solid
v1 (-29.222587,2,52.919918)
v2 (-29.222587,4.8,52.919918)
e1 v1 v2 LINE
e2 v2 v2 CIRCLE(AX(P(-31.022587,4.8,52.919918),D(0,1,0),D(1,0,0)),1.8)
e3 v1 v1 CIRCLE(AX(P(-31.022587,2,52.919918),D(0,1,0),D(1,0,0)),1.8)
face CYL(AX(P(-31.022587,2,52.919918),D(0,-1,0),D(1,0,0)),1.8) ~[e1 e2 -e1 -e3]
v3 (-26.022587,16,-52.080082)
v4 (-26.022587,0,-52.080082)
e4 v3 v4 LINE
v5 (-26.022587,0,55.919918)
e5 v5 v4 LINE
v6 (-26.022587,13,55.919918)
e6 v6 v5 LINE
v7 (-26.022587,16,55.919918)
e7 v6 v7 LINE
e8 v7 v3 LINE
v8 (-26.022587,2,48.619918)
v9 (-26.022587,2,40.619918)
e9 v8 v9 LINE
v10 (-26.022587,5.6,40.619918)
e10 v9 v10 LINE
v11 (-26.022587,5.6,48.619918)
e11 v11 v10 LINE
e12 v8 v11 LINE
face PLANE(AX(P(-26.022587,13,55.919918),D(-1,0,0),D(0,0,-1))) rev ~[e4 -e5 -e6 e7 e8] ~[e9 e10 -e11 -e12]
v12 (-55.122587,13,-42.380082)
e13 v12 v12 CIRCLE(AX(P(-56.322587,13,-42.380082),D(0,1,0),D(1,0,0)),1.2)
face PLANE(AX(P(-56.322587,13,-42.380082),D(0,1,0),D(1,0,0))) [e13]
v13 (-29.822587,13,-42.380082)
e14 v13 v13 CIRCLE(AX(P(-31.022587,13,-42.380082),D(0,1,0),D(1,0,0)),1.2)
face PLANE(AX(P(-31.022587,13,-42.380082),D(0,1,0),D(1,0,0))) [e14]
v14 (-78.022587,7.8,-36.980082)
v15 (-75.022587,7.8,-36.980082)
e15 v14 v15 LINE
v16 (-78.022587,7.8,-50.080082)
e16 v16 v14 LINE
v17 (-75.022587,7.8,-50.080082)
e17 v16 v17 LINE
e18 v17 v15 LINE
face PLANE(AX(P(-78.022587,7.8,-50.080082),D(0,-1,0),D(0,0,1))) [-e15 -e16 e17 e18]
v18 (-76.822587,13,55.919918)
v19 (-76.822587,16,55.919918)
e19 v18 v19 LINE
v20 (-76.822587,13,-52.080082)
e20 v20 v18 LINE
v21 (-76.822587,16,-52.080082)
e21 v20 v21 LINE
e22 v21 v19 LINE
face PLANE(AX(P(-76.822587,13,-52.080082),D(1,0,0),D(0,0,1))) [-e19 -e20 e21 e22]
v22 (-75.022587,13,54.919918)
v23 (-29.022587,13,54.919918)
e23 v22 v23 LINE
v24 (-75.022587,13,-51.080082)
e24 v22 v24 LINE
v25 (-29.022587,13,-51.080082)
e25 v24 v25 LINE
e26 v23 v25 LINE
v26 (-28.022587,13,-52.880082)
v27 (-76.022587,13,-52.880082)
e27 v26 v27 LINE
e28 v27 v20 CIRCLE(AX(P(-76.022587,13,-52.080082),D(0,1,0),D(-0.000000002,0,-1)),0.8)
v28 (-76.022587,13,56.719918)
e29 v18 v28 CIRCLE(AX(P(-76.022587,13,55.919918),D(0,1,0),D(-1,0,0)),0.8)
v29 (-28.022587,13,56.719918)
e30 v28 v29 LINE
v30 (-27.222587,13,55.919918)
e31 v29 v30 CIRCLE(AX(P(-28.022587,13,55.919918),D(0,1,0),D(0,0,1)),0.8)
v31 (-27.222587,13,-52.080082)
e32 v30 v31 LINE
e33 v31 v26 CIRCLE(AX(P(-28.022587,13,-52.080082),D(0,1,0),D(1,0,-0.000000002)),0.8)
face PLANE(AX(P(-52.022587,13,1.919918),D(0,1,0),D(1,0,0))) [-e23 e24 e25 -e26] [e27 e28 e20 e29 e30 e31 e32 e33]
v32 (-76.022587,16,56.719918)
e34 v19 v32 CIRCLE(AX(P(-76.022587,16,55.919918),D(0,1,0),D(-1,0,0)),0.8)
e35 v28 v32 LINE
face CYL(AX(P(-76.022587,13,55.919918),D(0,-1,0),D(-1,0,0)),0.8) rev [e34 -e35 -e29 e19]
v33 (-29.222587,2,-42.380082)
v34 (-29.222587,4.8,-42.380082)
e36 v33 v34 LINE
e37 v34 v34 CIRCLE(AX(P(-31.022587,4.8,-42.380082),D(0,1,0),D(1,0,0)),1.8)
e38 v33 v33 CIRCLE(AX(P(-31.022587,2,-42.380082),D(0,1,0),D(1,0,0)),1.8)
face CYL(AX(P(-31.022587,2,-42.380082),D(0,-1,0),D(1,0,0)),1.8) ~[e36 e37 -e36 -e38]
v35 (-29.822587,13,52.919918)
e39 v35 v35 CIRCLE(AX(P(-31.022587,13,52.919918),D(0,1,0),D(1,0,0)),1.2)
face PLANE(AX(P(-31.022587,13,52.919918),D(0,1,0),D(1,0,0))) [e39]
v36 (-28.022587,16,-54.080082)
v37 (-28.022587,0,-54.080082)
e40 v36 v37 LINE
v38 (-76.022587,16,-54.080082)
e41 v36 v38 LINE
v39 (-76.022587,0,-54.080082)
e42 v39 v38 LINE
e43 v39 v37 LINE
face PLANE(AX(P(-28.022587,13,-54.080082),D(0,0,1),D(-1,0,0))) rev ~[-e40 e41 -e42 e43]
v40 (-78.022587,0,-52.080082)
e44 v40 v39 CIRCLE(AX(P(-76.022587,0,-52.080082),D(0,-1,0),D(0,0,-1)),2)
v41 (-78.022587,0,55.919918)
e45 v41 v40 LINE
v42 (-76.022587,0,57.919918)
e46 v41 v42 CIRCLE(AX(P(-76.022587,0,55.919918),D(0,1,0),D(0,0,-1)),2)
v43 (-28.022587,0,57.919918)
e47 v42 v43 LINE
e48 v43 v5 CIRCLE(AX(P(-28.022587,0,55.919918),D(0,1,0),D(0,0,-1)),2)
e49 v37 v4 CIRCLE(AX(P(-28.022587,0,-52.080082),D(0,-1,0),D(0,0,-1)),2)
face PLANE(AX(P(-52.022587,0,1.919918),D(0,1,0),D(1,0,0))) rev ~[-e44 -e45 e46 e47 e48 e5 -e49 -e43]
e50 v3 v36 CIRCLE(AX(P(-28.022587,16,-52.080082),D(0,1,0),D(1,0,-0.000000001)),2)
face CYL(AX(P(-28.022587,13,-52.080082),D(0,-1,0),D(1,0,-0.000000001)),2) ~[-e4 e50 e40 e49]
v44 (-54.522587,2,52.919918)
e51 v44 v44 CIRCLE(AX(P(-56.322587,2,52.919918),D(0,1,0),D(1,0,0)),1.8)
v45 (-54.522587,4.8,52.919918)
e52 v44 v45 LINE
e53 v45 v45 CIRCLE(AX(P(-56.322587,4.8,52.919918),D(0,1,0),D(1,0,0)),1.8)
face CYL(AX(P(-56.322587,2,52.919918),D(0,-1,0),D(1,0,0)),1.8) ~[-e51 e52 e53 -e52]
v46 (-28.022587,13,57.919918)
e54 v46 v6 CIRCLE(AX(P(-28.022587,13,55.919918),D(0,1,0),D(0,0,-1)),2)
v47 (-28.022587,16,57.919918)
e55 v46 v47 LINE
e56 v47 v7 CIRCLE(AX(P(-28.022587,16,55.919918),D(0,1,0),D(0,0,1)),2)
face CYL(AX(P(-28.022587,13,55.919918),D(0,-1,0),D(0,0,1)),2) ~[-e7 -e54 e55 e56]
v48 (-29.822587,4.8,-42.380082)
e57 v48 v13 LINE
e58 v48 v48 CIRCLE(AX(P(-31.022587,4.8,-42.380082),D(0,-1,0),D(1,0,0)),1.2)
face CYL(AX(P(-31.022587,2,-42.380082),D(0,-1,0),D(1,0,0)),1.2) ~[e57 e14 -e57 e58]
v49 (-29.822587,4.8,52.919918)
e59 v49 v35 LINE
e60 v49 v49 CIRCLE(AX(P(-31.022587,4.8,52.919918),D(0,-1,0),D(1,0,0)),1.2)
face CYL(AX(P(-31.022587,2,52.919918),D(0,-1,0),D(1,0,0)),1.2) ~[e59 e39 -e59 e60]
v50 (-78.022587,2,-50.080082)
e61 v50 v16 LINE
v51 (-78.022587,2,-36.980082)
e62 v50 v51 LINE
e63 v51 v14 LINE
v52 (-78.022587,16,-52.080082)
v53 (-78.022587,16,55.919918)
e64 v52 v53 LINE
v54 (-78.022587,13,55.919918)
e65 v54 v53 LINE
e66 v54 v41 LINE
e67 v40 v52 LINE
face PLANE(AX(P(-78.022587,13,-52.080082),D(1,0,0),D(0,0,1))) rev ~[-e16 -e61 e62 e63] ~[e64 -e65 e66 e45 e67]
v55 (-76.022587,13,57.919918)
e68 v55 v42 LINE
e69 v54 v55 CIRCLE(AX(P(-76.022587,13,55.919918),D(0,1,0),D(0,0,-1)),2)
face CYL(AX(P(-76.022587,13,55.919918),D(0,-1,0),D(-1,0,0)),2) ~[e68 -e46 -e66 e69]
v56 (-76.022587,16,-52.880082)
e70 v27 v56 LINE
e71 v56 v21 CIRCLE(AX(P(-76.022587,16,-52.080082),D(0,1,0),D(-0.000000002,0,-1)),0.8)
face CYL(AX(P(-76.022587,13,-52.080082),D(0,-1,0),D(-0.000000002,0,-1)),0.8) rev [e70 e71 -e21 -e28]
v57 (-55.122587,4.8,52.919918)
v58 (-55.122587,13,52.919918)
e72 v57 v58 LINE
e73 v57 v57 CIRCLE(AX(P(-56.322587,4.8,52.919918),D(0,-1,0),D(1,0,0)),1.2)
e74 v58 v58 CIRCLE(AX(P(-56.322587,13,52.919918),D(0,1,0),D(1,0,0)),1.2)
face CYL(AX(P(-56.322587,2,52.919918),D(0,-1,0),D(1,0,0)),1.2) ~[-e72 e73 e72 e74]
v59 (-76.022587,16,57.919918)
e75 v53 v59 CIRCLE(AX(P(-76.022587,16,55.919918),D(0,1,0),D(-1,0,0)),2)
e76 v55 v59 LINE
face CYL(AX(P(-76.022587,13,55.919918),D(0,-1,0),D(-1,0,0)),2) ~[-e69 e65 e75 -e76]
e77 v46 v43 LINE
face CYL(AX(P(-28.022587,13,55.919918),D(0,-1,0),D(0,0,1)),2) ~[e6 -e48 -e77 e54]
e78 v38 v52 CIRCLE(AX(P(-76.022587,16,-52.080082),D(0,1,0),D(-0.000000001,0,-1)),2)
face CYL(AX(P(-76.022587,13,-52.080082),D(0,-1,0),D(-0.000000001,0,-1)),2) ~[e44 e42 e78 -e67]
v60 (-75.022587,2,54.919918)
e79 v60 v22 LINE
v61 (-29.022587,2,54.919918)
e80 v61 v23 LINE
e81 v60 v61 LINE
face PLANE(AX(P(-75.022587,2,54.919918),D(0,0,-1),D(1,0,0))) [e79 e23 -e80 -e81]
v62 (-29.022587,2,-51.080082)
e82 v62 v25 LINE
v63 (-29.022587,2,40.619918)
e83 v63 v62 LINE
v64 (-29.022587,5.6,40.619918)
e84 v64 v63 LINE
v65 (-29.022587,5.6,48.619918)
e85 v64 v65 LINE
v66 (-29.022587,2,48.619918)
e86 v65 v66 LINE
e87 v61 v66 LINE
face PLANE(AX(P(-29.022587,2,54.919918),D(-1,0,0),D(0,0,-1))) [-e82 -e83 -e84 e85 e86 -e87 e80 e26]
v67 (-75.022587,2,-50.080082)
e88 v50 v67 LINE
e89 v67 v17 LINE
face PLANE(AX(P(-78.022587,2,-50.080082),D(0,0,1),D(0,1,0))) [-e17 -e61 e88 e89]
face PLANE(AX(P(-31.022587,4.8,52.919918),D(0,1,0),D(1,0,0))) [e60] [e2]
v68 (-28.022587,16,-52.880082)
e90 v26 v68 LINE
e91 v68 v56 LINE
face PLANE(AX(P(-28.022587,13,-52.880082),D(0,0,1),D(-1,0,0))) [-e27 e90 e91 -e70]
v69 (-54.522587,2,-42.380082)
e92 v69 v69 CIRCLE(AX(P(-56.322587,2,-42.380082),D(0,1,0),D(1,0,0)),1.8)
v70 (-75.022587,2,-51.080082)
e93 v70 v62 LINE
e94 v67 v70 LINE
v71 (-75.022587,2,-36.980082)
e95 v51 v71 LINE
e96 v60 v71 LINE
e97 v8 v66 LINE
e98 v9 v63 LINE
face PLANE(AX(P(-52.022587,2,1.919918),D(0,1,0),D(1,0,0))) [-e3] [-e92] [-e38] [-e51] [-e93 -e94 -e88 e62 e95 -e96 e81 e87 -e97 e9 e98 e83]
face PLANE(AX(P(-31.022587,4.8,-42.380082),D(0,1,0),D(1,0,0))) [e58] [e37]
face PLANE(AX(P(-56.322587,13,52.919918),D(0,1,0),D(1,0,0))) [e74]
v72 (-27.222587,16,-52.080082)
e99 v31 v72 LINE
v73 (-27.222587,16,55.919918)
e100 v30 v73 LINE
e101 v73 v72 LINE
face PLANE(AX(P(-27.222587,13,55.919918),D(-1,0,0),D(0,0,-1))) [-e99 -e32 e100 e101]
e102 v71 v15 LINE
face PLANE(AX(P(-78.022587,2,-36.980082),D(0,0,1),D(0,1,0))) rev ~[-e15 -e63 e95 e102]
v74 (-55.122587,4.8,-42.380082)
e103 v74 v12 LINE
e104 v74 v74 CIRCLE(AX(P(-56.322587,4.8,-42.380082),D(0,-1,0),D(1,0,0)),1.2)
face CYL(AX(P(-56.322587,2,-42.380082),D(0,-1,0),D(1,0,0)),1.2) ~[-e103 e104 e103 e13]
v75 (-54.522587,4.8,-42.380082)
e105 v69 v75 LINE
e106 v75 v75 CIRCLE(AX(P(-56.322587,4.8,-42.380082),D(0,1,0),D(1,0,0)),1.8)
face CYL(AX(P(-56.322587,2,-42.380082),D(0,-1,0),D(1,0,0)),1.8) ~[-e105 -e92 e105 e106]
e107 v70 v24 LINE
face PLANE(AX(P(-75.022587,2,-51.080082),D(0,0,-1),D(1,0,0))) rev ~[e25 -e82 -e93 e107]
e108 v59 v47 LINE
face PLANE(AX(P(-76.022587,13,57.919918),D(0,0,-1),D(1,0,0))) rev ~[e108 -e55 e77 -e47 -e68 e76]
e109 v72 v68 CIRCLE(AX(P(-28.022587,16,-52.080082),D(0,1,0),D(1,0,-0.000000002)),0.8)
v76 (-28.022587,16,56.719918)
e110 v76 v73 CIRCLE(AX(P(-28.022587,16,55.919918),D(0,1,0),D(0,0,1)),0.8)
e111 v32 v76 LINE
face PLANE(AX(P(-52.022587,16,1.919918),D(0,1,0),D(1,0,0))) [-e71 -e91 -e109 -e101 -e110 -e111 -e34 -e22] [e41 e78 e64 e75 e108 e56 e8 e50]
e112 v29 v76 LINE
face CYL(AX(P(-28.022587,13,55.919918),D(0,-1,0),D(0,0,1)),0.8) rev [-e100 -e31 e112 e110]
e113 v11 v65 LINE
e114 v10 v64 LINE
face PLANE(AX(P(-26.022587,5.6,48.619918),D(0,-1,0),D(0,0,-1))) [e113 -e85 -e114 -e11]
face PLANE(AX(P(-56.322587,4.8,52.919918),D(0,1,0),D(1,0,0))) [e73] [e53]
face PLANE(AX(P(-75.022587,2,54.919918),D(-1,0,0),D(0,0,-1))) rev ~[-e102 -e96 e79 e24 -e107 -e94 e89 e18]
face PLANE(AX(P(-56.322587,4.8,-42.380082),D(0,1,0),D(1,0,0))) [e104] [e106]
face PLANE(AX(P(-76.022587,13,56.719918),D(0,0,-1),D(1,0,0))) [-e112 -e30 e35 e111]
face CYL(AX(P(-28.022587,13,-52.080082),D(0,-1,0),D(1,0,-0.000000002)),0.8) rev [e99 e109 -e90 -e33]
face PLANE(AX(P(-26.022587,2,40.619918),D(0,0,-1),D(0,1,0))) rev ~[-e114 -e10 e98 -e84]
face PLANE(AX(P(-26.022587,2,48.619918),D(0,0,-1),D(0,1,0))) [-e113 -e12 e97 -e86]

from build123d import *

# Parameters (mm, degrees)
SKETCH1_W           = 50
SKETCH1_H           = 110
BOSS_EXTRUDE1_DEPTH = 2
SKETCH2_W           = 50
SKETCH2_H           = 110
SKETCH2_W_2         = 46
SKETCH2_H_2         = 106
BOSS_EXTRUDE3_DEPTH = 11
SKETCH3_R           = 1.2
BOSS_EXTRUDE4_DEPTH = 11
SKETCH4_W           = 52
SKETCH4_H           = 112
SKETCH4_W_2         = 50
SKETCH4_H_2         = 110
EXTRUDE_THIN1_DEPTH = 13
FILLET2_R           = 2
EXTRUDE_THIN3_DEPTH = 3
SKETCH6_R           = 1.8
BOSS_EXTRUDE5_DEPTH = 2.8
SKETCH8_W           = 8
SKETCH8_H           = 3.6
CUT_EXTRUDE2_DEPTH  = 12.8
SKETCH11_W          = 13.1
SKETCH11_H          = 5.8
CUT_EXTRUDE5_DEPTH  = 3


with BuildPart() as part:
    # Sketch1 → Boss-Extrude1 (new body)
    with BuildSketch(Plane(origin=(0, 0, 0), x_dir=(1, 0, 0), z_dir=(0, 1, 0))):
        with Locations((-52.022587269, -1.919917864)):
            Rectangle(SKETCH1_W, SKETCH1_H)
    extrude(amount=BOSS_EXTRUDE1_DEPTH)

    # Sketch2 → Boss-Extrude3 (add)
    with BuildSketch(Plane(origin=(0, 2, 0), x_dir=(1, 0, 0), z_dir=(0, 1, 0))):
        with Locations((-52.022587269, -1.919917864)):
            Rectangle(SKETCH2_W, SKETCH2_H)
        with Locations((-52.022587269, -1.919917864)):
            Rectangle(SKETCH2_W_2, SKETCH2_H_2, mode=Mode.SUBTRACT)
    extrude(amount=BOSS_EXTRUDE3_DEPTH)

    # Sketch3 → Boss-Extrude4 (add)
    with BuildSketch(Plane(origin=(0, 2, 0), x_dir=(1, 0, 0), z_dir=(0, 1, 0))):
        with Locations((-31.022587269, 42.380082136)):
            Circle(SKETCH3_R)
        with Locations((-31.022587269, -52.919917864)):
            Circle(SKETCH3_R)
        with Locations((-56.322587269, 42.380082136)):
            Circle(SKETCH3_R)
        with Locations((-56.322587269, -52.919917864)):
            Circle(SKETCH3_R)
    extrude(amount=BOSS_EXTRUDE4_DEPTH)

    # Sketch4 → Extrude-Thin1 (add)
    with BuildSketch(Plane(origin=(0, 13, 0), x_dir=(1, 0, 0), z_dir=(0, 1, 0))):
        with Locations((-52.022587269, -1.919917864)):
            Rectangle(SKETCH4_W, SKETCH4_H)
        with Locations((-52.022587269, -1.919917864)):
            Rectangle(SKETCH4_W_2, SKETCH4_H_2, mode=Mode.SUBTRACT)
    extrude(amount=-EXTRUDE_THIN1_DEPTH)

    # Fillet2
    fillet2_edges = [part.edges().sort_by_distance(p)[0] for p in [
        (-26.022587269, 6.5, -54.080082136),
        (-26.022587269, 6.5, 57.919917864),
        (-78.022587269, 6.5, 57.919917864),
        (-78.022587269, 6.5, -54.080082136),
    ]]
    fillet(fillet2_edges, radius=FILLET2_R)

    # Sketch5 → Extrude-Thin3 (add)
    with BuildSketch(Plane(origin=(0, 13, 0), x_dir=(1, 0, 0), z_dir=(0, 1, 0))):
        with BuildLine():
            Line((-28.022587269, 54.080082136), (-76.022587269, 54.080082136))
            ThreePointArc((-76.022587269, 54.080082136), (-77.436800831, 53.494295698), (-78.022587269, 52.080082136))
            Line((-78.022587269, 52.080082136), (-78.022587269, -55.919917864))
            ThreePointArc((-78.022587269, -55.919917864), (-77.436800831, -57.334131427), (-76.022587269, -57.919917864))
            Line((-76.022587269, -57.919917864), (-28.022587269, -57.919917864))
            ThreePointArc((-28.022587269, -57.919917864), (-26.608373707, -57.334131427), (-26.022587269, -55.919917864))
            Line((-26.022587269, -55.919917864), (-26.022587269, 52.080082136))
            ThreePointArc((-26.022587269, 52.080082136), (-26.608373707, 53.494295698), (-28.022587269, 54.080082136))
        make_face()
        with BuildLine():
            Line((-28.022587269, 52.880082136), (-76.022587269, 52.880082136))
            ThreePointArc((-76.022587269, 52.880082136), (-76.588272694, 52.64576756), (-76.822587269, 52.080082136))
            Line((-76.822587269, 52.080082136), (-76.822587269, -55.919917864))
            ThreePointArc((-76.822587269, -55.919917864), (-76.588272694, -56.485603289), (-76.022587269, -56.719917864))
            Line((-76.022587269, -56.719917864), (-28.022587269, -56.719917864))
            ThreePointArc((-28.022587269, -56.719917864), (-27.456901844, -56.485603289), (-27.222587269, -55.919917864))
            Line((-27.222587269, -55.919917864), (-27.222587269, 52.080082136))
            ThreePointArc((-27.222587269, 52.080082136), (-27.456901844, 52.64576756), (-28.022587269, 52.880082136))
        make_face(mode=Mode.SUBTRACT)
    extrude(amount=EXTRUDE_THIN3_DEPTH)

    # Sketch6 → Boss-Extrude5 (add)
    with BuildSketch(Plane(origin=(0, 2, 0), x_dir=(1, 0, 0), z_dir=(0, 1, 0))):
        with Locations((-56.322587269, -52.919917864)):
            Circle(SKETCH6_R)
        with Locations((-31.022587269, -52.919917864)):
            Circle(SKETCH6_R)
        with Locations((-56.322587269, 42.380082136)):
            Circle(SKETCH6_R)
        with Locations((-31.022587269, 42.380082136)):
            Circle(SKETCH6_R)
    extrude(amount=BOSS_EXTRUDE5_DEPTH)

    # Sketch8 → Cut-Extrude2 (cut)
    with BuildSketch(Plane(origin=(-26.022587269, 0, 0), x_dir=(0, 0, -1), z_dir=(1, 0, 0))):
        with Locations((-44.619917864, 3.8)):
            Rectangle(SKETCH8_W, SKETCH8_H)
    extrude(amount=-CUT_EXTRUDE2_DEPTH, mode=Mode.SUBTRACT)

    # Sketch11 → Cut-Extrude5 (cut)
    with BuildSketch(Plane.ZY.offset(78.022587269)):
        with Locations((-43.530082136, 4.9)):
            Rectangle(SKETCH11_W, SKETCH11_H)
    extrude(amount=-CUT_EXTRUDE5_DEPTH, mode=Mode.SUBTRACT)


solid = part.part
